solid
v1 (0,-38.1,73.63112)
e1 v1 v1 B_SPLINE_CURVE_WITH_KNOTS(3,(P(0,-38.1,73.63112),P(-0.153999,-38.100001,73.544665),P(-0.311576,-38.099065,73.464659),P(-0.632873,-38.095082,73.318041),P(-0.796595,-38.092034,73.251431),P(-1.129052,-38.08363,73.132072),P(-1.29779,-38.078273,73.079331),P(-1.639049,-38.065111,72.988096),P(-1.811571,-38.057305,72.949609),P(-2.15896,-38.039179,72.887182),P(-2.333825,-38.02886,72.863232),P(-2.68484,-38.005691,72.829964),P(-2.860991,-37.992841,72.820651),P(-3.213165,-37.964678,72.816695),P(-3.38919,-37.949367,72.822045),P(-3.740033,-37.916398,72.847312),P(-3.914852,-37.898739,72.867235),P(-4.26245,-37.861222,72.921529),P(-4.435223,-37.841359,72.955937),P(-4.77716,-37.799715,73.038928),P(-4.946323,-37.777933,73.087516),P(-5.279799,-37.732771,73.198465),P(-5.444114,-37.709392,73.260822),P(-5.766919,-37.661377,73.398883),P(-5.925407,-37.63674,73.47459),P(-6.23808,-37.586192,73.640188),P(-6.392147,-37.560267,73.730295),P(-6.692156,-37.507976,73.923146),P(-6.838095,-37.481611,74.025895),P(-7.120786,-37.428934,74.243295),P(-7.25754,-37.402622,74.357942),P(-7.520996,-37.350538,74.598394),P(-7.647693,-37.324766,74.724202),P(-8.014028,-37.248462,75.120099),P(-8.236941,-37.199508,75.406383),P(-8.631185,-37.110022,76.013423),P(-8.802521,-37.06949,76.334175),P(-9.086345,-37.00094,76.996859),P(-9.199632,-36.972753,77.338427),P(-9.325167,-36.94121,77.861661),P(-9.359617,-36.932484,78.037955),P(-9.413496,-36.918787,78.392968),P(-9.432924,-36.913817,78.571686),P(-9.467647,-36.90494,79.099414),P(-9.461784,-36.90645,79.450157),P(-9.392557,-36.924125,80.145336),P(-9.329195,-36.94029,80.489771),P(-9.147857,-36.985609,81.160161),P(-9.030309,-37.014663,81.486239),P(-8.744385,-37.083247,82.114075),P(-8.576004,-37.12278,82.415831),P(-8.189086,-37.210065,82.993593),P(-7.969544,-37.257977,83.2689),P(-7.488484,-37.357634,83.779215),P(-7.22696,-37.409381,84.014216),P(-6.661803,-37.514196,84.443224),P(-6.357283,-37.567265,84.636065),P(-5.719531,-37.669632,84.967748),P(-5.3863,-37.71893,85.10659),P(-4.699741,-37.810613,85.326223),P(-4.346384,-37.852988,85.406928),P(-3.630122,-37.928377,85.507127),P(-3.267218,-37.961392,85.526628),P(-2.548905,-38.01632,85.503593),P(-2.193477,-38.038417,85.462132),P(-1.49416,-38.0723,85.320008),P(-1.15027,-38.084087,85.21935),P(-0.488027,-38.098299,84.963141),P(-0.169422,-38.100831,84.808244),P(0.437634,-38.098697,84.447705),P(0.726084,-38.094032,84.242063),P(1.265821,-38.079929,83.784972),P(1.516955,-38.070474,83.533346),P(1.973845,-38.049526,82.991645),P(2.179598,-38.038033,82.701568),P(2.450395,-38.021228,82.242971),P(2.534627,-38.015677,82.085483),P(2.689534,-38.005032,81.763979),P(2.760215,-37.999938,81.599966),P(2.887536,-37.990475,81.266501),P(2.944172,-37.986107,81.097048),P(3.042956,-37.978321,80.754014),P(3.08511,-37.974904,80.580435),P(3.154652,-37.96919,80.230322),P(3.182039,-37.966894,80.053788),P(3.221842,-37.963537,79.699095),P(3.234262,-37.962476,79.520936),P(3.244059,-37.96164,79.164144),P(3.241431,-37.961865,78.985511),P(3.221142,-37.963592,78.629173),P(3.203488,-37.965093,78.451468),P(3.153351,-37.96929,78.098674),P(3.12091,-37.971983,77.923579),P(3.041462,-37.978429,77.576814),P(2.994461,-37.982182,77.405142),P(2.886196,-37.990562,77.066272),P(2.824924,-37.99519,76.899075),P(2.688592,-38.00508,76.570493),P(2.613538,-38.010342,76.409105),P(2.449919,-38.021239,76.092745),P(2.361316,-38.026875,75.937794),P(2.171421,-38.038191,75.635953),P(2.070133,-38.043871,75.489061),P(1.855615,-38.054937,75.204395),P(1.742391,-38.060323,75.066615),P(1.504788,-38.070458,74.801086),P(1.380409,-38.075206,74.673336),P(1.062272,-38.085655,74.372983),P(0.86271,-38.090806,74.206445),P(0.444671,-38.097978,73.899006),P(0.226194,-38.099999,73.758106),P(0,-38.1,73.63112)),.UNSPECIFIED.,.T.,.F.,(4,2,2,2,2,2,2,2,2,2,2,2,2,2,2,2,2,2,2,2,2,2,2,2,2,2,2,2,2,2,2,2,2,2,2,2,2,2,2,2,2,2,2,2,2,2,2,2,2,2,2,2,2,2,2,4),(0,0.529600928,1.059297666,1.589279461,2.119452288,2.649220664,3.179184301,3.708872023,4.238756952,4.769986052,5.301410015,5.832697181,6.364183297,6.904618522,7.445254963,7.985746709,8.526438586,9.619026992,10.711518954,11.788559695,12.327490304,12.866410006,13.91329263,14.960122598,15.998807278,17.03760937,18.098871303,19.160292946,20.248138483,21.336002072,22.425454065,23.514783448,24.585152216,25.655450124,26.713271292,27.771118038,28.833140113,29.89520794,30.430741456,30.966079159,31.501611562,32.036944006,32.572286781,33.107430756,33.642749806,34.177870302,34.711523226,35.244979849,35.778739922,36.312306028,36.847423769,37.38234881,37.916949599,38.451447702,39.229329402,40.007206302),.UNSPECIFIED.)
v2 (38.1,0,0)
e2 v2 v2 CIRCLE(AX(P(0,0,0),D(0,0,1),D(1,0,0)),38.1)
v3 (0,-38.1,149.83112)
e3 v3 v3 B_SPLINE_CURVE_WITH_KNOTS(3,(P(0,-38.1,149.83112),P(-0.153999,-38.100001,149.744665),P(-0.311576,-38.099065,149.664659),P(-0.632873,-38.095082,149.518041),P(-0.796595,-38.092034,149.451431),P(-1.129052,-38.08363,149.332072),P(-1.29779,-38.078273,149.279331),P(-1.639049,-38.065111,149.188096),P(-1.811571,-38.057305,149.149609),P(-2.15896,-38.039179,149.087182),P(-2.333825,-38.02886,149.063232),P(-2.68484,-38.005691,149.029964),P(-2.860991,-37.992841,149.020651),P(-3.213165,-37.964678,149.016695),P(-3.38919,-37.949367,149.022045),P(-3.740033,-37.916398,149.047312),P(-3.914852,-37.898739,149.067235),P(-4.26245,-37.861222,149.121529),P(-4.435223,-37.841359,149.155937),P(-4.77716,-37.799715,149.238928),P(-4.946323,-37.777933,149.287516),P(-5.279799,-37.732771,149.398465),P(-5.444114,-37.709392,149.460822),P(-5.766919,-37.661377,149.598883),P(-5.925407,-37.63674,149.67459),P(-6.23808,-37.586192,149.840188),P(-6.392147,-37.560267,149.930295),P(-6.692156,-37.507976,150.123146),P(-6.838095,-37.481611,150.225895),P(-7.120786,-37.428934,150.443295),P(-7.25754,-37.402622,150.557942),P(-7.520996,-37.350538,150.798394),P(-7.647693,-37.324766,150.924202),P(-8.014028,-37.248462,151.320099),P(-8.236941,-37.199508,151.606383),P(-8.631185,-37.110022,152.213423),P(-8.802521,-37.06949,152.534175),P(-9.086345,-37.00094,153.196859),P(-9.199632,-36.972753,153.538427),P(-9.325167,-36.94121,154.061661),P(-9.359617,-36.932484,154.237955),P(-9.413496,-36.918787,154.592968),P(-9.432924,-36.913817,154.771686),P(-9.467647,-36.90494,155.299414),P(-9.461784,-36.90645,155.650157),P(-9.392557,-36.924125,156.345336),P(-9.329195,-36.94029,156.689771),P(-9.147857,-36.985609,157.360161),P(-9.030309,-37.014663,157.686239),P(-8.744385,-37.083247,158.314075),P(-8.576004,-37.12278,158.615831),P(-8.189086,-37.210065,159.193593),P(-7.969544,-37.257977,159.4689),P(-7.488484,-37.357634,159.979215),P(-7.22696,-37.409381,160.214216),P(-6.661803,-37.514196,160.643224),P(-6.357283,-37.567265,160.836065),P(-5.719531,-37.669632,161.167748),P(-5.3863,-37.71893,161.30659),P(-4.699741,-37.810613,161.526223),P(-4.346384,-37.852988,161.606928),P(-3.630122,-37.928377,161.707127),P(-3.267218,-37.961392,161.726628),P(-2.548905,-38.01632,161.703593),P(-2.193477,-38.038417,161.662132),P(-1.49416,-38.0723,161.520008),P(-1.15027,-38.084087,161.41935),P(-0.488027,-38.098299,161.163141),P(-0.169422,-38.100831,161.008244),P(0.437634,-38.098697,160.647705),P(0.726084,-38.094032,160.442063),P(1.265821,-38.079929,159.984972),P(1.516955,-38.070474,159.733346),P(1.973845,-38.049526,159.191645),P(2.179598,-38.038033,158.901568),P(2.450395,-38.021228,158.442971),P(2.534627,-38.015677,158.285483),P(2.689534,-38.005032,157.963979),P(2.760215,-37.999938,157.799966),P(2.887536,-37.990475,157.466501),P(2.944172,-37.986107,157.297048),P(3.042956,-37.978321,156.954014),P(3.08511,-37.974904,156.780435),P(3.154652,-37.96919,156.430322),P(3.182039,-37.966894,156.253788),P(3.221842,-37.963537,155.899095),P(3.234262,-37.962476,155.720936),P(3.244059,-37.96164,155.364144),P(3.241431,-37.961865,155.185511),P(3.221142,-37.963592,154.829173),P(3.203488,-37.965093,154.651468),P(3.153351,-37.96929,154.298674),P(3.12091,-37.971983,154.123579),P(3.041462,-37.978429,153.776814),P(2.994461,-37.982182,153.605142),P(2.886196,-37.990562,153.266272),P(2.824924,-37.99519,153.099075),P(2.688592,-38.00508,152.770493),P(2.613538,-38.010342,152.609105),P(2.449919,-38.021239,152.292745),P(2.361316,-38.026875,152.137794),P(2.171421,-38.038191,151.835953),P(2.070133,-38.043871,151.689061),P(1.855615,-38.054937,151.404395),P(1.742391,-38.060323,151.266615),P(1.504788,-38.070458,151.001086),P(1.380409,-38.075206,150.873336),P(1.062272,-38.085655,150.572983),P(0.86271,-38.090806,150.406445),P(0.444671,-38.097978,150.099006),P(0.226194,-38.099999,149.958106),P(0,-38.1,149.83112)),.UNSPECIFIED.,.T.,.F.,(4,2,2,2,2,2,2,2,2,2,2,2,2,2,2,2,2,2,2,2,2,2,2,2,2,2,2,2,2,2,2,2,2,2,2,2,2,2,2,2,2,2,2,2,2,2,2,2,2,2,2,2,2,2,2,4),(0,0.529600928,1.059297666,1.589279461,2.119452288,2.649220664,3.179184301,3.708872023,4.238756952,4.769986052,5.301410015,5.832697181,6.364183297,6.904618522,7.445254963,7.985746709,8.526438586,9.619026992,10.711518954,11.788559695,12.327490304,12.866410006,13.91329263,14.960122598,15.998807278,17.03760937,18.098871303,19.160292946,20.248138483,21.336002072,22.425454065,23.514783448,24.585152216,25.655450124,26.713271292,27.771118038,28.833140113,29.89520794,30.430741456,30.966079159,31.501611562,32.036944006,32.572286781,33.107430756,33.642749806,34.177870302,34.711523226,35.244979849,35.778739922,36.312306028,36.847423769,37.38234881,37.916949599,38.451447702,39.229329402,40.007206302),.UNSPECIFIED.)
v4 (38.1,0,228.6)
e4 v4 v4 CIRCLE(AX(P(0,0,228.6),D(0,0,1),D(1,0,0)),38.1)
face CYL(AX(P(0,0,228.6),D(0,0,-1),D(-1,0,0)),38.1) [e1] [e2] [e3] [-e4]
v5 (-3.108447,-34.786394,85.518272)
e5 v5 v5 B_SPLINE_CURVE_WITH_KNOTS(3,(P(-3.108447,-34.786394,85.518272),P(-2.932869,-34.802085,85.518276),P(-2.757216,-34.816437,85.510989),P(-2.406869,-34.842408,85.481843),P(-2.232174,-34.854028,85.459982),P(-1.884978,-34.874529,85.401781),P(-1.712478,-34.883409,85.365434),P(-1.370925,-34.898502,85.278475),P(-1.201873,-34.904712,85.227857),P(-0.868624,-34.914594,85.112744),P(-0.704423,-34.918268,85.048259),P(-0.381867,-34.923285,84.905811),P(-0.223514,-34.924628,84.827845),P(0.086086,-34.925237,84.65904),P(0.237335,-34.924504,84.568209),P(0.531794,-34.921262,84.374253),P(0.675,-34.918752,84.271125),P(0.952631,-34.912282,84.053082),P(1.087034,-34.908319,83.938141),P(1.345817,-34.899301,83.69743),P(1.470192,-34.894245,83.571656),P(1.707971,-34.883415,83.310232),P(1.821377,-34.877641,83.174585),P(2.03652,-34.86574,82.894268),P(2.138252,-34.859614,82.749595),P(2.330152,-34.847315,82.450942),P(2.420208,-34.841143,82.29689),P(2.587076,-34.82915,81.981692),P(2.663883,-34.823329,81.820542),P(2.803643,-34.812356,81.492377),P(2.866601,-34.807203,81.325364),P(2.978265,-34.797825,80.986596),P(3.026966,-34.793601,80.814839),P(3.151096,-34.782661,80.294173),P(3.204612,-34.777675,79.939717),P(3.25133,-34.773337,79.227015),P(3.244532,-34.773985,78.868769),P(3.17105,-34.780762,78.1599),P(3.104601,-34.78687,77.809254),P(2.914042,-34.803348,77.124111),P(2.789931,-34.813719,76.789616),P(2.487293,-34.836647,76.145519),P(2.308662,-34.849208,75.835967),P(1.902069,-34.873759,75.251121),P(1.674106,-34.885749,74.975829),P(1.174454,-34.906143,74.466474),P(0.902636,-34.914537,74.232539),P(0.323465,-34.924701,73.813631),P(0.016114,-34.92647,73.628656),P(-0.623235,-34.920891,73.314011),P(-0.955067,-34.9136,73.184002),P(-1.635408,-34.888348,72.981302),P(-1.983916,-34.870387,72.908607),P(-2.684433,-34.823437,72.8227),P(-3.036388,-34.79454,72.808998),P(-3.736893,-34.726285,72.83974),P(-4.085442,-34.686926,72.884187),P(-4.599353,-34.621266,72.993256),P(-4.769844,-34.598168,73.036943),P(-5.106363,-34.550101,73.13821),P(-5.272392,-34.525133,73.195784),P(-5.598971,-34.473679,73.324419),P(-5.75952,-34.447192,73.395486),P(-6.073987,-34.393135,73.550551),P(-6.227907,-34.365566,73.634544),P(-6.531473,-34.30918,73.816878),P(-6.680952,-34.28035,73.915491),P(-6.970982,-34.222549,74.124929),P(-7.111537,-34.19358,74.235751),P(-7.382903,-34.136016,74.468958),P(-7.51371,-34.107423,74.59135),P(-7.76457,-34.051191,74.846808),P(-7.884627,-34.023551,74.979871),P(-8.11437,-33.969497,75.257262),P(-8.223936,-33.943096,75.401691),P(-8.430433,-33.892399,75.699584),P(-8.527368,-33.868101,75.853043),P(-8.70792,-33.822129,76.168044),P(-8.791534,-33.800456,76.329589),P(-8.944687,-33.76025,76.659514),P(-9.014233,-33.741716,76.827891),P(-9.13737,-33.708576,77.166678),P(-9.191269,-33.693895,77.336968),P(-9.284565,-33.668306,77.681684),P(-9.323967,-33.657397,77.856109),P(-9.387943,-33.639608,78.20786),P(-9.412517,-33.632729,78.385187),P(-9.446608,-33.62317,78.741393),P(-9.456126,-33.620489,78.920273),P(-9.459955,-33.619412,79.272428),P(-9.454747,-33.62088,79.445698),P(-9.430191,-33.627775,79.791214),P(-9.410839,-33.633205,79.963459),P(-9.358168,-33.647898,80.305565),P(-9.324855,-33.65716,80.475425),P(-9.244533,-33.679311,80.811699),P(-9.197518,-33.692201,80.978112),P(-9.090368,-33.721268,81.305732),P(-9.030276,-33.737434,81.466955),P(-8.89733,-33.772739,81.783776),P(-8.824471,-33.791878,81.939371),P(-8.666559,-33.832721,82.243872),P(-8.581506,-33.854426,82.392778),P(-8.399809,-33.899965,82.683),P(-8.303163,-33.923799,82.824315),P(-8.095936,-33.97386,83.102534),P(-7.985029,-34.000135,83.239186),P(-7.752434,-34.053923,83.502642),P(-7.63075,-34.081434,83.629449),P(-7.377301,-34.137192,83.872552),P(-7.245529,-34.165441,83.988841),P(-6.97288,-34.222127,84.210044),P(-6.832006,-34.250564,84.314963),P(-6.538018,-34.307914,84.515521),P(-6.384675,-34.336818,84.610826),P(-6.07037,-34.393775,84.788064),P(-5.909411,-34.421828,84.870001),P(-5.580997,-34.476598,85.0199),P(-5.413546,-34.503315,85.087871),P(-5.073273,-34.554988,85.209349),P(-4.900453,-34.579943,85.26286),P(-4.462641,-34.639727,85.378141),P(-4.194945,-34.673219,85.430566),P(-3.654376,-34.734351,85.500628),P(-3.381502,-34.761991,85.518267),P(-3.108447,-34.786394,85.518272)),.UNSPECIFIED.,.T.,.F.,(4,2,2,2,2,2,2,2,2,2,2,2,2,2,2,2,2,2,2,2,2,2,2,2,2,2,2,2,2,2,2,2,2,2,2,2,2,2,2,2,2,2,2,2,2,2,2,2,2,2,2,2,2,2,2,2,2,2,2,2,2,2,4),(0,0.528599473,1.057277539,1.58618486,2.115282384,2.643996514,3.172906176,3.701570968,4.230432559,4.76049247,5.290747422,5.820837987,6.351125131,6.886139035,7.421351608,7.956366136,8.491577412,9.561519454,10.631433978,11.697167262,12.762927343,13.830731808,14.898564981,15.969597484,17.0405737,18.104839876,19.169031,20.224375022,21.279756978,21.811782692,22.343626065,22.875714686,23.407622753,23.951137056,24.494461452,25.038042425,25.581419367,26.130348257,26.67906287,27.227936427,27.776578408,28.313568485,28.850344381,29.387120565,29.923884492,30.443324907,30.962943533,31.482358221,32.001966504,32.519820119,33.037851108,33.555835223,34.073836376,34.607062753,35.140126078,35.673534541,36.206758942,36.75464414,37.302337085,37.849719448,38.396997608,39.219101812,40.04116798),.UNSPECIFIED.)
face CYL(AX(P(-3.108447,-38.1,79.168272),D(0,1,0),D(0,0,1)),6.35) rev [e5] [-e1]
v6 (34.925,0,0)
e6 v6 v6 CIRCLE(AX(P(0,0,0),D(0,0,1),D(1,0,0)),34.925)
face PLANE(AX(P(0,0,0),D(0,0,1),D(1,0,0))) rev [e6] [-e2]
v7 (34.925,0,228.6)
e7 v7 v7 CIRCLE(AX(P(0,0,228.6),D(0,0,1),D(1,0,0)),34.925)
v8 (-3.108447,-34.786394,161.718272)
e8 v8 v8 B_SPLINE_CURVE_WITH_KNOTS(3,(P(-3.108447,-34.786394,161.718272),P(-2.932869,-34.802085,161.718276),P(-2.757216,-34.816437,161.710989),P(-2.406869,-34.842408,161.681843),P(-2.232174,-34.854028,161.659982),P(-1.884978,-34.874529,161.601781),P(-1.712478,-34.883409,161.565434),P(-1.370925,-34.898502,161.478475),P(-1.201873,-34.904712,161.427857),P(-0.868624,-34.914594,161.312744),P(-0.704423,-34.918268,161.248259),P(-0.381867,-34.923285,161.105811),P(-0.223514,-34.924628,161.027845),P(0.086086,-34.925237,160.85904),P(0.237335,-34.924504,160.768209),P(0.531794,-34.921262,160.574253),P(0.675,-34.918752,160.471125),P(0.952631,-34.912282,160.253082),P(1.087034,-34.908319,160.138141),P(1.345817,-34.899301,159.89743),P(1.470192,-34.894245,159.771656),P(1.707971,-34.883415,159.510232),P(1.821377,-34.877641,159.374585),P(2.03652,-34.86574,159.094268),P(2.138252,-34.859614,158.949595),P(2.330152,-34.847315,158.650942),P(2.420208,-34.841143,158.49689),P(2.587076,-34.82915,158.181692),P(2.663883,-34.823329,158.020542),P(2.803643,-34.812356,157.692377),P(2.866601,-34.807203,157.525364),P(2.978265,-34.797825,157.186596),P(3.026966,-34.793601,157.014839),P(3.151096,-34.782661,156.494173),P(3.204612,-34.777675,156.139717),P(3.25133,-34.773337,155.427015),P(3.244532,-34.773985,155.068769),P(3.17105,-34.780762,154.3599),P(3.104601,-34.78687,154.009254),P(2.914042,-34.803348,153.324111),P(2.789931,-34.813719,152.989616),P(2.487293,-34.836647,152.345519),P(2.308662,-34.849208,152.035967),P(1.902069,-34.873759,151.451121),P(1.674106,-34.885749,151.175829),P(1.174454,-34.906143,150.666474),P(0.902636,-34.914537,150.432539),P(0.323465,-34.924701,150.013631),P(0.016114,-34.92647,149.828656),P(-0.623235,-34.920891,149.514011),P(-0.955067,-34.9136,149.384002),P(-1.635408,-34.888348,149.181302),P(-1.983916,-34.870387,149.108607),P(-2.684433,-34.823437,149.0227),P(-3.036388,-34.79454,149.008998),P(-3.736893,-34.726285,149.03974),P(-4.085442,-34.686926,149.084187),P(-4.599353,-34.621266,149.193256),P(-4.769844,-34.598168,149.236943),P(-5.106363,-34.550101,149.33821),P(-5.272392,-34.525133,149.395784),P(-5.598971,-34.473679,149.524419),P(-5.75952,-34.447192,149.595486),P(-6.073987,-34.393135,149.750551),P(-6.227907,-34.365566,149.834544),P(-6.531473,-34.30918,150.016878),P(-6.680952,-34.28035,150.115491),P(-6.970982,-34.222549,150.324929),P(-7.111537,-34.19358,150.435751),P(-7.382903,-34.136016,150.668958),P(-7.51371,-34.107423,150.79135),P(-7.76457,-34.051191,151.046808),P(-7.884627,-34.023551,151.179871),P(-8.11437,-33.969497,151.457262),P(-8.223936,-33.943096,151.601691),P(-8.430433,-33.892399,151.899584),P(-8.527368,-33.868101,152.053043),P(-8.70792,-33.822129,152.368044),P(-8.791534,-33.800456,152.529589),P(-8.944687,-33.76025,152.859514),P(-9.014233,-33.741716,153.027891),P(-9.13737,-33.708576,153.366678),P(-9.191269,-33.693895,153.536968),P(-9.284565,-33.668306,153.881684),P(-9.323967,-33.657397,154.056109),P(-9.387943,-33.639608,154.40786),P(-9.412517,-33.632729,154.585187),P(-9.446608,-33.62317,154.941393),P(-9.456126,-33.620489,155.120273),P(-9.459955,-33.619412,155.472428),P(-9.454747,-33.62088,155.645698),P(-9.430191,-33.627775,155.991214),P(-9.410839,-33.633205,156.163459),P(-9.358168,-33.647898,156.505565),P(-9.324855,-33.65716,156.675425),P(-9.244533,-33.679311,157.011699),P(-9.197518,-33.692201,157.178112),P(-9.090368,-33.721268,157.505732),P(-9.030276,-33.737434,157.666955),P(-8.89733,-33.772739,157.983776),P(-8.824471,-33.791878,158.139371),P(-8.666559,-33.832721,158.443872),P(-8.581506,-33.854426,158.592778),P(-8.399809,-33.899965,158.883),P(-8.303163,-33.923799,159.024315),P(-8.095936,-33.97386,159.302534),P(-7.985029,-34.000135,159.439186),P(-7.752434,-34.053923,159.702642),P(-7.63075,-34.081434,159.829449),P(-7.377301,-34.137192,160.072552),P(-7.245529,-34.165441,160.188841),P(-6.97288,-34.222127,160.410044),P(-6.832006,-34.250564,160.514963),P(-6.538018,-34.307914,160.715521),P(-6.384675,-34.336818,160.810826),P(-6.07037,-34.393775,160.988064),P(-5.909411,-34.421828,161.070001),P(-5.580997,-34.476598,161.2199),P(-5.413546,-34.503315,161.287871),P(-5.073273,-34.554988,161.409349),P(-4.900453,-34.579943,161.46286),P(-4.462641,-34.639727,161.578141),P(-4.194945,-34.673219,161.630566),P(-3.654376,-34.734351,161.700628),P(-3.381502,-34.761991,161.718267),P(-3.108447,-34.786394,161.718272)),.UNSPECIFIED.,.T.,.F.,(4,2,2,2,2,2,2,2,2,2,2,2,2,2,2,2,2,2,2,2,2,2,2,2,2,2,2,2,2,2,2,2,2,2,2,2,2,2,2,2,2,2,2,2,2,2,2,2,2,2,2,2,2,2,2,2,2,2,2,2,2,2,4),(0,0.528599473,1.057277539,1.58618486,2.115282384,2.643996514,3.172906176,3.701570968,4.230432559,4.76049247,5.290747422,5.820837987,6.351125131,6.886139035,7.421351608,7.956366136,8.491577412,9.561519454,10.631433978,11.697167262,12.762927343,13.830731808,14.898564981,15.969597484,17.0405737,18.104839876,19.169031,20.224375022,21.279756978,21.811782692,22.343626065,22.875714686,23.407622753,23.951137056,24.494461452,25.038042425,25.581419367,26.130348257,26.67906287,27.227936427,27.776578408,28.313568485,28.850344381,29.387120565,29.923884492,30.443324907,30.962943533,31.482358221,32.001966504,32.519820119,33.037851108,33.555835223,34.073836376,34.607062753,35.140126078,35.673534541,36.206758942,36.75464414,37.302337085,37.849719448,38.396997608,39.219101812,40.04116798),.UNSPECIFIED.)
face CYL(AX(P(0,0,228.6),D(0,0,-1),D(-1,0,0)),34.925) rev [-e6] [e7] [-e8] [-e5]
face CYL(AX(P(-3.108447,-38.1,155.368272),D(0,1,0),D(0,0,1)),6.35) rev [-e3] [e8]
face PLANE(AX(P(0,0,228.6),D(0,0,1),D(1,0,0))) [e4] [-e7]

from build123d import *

# Parameters (mm, degrees)
SKETCH3_R           = 38.1
SKETCH3_R_2         = 34.925
BOSS_EXTRUDE2_DEPTH = 228.6
SKETCH5_R           = 6.35
CUT_EXTRUDE3_DEPTH  = 235.864173513


with BuildPart() as part:
    # Sketch3 → Boss-Extrude2 (new body)
    with BuildSketch(Plane.XY):
        Circle(SKETCH3_R)
        Circle(SKETCH3_R_2, mode=Mode.SUBTRACT)
    extrude(amount=BOSS_EXTRUDE2_DEPTH)

    # Sketch5 → Cut-Extrude3 (cut, through all)
    with BuildSketch(Plane(origin=(0, 0, 0), x_dir=(1, 0, 0), z_dir=(0, 1, 0))):
        with Locations(Location((-3.108447312, -79.168272232, 0), (0, 0, 270))):
            Circle(SKETCH5_R)
        with Locations(Location((-3.108447312, -155.368272232, 0), (0, 0, 270))):
            Circle(SKETCH5_R)
    extrude(amount=-CUT_EXTRUDE3_DEPTH, mode=Mode.SUBTRACT)


solid = part.part
